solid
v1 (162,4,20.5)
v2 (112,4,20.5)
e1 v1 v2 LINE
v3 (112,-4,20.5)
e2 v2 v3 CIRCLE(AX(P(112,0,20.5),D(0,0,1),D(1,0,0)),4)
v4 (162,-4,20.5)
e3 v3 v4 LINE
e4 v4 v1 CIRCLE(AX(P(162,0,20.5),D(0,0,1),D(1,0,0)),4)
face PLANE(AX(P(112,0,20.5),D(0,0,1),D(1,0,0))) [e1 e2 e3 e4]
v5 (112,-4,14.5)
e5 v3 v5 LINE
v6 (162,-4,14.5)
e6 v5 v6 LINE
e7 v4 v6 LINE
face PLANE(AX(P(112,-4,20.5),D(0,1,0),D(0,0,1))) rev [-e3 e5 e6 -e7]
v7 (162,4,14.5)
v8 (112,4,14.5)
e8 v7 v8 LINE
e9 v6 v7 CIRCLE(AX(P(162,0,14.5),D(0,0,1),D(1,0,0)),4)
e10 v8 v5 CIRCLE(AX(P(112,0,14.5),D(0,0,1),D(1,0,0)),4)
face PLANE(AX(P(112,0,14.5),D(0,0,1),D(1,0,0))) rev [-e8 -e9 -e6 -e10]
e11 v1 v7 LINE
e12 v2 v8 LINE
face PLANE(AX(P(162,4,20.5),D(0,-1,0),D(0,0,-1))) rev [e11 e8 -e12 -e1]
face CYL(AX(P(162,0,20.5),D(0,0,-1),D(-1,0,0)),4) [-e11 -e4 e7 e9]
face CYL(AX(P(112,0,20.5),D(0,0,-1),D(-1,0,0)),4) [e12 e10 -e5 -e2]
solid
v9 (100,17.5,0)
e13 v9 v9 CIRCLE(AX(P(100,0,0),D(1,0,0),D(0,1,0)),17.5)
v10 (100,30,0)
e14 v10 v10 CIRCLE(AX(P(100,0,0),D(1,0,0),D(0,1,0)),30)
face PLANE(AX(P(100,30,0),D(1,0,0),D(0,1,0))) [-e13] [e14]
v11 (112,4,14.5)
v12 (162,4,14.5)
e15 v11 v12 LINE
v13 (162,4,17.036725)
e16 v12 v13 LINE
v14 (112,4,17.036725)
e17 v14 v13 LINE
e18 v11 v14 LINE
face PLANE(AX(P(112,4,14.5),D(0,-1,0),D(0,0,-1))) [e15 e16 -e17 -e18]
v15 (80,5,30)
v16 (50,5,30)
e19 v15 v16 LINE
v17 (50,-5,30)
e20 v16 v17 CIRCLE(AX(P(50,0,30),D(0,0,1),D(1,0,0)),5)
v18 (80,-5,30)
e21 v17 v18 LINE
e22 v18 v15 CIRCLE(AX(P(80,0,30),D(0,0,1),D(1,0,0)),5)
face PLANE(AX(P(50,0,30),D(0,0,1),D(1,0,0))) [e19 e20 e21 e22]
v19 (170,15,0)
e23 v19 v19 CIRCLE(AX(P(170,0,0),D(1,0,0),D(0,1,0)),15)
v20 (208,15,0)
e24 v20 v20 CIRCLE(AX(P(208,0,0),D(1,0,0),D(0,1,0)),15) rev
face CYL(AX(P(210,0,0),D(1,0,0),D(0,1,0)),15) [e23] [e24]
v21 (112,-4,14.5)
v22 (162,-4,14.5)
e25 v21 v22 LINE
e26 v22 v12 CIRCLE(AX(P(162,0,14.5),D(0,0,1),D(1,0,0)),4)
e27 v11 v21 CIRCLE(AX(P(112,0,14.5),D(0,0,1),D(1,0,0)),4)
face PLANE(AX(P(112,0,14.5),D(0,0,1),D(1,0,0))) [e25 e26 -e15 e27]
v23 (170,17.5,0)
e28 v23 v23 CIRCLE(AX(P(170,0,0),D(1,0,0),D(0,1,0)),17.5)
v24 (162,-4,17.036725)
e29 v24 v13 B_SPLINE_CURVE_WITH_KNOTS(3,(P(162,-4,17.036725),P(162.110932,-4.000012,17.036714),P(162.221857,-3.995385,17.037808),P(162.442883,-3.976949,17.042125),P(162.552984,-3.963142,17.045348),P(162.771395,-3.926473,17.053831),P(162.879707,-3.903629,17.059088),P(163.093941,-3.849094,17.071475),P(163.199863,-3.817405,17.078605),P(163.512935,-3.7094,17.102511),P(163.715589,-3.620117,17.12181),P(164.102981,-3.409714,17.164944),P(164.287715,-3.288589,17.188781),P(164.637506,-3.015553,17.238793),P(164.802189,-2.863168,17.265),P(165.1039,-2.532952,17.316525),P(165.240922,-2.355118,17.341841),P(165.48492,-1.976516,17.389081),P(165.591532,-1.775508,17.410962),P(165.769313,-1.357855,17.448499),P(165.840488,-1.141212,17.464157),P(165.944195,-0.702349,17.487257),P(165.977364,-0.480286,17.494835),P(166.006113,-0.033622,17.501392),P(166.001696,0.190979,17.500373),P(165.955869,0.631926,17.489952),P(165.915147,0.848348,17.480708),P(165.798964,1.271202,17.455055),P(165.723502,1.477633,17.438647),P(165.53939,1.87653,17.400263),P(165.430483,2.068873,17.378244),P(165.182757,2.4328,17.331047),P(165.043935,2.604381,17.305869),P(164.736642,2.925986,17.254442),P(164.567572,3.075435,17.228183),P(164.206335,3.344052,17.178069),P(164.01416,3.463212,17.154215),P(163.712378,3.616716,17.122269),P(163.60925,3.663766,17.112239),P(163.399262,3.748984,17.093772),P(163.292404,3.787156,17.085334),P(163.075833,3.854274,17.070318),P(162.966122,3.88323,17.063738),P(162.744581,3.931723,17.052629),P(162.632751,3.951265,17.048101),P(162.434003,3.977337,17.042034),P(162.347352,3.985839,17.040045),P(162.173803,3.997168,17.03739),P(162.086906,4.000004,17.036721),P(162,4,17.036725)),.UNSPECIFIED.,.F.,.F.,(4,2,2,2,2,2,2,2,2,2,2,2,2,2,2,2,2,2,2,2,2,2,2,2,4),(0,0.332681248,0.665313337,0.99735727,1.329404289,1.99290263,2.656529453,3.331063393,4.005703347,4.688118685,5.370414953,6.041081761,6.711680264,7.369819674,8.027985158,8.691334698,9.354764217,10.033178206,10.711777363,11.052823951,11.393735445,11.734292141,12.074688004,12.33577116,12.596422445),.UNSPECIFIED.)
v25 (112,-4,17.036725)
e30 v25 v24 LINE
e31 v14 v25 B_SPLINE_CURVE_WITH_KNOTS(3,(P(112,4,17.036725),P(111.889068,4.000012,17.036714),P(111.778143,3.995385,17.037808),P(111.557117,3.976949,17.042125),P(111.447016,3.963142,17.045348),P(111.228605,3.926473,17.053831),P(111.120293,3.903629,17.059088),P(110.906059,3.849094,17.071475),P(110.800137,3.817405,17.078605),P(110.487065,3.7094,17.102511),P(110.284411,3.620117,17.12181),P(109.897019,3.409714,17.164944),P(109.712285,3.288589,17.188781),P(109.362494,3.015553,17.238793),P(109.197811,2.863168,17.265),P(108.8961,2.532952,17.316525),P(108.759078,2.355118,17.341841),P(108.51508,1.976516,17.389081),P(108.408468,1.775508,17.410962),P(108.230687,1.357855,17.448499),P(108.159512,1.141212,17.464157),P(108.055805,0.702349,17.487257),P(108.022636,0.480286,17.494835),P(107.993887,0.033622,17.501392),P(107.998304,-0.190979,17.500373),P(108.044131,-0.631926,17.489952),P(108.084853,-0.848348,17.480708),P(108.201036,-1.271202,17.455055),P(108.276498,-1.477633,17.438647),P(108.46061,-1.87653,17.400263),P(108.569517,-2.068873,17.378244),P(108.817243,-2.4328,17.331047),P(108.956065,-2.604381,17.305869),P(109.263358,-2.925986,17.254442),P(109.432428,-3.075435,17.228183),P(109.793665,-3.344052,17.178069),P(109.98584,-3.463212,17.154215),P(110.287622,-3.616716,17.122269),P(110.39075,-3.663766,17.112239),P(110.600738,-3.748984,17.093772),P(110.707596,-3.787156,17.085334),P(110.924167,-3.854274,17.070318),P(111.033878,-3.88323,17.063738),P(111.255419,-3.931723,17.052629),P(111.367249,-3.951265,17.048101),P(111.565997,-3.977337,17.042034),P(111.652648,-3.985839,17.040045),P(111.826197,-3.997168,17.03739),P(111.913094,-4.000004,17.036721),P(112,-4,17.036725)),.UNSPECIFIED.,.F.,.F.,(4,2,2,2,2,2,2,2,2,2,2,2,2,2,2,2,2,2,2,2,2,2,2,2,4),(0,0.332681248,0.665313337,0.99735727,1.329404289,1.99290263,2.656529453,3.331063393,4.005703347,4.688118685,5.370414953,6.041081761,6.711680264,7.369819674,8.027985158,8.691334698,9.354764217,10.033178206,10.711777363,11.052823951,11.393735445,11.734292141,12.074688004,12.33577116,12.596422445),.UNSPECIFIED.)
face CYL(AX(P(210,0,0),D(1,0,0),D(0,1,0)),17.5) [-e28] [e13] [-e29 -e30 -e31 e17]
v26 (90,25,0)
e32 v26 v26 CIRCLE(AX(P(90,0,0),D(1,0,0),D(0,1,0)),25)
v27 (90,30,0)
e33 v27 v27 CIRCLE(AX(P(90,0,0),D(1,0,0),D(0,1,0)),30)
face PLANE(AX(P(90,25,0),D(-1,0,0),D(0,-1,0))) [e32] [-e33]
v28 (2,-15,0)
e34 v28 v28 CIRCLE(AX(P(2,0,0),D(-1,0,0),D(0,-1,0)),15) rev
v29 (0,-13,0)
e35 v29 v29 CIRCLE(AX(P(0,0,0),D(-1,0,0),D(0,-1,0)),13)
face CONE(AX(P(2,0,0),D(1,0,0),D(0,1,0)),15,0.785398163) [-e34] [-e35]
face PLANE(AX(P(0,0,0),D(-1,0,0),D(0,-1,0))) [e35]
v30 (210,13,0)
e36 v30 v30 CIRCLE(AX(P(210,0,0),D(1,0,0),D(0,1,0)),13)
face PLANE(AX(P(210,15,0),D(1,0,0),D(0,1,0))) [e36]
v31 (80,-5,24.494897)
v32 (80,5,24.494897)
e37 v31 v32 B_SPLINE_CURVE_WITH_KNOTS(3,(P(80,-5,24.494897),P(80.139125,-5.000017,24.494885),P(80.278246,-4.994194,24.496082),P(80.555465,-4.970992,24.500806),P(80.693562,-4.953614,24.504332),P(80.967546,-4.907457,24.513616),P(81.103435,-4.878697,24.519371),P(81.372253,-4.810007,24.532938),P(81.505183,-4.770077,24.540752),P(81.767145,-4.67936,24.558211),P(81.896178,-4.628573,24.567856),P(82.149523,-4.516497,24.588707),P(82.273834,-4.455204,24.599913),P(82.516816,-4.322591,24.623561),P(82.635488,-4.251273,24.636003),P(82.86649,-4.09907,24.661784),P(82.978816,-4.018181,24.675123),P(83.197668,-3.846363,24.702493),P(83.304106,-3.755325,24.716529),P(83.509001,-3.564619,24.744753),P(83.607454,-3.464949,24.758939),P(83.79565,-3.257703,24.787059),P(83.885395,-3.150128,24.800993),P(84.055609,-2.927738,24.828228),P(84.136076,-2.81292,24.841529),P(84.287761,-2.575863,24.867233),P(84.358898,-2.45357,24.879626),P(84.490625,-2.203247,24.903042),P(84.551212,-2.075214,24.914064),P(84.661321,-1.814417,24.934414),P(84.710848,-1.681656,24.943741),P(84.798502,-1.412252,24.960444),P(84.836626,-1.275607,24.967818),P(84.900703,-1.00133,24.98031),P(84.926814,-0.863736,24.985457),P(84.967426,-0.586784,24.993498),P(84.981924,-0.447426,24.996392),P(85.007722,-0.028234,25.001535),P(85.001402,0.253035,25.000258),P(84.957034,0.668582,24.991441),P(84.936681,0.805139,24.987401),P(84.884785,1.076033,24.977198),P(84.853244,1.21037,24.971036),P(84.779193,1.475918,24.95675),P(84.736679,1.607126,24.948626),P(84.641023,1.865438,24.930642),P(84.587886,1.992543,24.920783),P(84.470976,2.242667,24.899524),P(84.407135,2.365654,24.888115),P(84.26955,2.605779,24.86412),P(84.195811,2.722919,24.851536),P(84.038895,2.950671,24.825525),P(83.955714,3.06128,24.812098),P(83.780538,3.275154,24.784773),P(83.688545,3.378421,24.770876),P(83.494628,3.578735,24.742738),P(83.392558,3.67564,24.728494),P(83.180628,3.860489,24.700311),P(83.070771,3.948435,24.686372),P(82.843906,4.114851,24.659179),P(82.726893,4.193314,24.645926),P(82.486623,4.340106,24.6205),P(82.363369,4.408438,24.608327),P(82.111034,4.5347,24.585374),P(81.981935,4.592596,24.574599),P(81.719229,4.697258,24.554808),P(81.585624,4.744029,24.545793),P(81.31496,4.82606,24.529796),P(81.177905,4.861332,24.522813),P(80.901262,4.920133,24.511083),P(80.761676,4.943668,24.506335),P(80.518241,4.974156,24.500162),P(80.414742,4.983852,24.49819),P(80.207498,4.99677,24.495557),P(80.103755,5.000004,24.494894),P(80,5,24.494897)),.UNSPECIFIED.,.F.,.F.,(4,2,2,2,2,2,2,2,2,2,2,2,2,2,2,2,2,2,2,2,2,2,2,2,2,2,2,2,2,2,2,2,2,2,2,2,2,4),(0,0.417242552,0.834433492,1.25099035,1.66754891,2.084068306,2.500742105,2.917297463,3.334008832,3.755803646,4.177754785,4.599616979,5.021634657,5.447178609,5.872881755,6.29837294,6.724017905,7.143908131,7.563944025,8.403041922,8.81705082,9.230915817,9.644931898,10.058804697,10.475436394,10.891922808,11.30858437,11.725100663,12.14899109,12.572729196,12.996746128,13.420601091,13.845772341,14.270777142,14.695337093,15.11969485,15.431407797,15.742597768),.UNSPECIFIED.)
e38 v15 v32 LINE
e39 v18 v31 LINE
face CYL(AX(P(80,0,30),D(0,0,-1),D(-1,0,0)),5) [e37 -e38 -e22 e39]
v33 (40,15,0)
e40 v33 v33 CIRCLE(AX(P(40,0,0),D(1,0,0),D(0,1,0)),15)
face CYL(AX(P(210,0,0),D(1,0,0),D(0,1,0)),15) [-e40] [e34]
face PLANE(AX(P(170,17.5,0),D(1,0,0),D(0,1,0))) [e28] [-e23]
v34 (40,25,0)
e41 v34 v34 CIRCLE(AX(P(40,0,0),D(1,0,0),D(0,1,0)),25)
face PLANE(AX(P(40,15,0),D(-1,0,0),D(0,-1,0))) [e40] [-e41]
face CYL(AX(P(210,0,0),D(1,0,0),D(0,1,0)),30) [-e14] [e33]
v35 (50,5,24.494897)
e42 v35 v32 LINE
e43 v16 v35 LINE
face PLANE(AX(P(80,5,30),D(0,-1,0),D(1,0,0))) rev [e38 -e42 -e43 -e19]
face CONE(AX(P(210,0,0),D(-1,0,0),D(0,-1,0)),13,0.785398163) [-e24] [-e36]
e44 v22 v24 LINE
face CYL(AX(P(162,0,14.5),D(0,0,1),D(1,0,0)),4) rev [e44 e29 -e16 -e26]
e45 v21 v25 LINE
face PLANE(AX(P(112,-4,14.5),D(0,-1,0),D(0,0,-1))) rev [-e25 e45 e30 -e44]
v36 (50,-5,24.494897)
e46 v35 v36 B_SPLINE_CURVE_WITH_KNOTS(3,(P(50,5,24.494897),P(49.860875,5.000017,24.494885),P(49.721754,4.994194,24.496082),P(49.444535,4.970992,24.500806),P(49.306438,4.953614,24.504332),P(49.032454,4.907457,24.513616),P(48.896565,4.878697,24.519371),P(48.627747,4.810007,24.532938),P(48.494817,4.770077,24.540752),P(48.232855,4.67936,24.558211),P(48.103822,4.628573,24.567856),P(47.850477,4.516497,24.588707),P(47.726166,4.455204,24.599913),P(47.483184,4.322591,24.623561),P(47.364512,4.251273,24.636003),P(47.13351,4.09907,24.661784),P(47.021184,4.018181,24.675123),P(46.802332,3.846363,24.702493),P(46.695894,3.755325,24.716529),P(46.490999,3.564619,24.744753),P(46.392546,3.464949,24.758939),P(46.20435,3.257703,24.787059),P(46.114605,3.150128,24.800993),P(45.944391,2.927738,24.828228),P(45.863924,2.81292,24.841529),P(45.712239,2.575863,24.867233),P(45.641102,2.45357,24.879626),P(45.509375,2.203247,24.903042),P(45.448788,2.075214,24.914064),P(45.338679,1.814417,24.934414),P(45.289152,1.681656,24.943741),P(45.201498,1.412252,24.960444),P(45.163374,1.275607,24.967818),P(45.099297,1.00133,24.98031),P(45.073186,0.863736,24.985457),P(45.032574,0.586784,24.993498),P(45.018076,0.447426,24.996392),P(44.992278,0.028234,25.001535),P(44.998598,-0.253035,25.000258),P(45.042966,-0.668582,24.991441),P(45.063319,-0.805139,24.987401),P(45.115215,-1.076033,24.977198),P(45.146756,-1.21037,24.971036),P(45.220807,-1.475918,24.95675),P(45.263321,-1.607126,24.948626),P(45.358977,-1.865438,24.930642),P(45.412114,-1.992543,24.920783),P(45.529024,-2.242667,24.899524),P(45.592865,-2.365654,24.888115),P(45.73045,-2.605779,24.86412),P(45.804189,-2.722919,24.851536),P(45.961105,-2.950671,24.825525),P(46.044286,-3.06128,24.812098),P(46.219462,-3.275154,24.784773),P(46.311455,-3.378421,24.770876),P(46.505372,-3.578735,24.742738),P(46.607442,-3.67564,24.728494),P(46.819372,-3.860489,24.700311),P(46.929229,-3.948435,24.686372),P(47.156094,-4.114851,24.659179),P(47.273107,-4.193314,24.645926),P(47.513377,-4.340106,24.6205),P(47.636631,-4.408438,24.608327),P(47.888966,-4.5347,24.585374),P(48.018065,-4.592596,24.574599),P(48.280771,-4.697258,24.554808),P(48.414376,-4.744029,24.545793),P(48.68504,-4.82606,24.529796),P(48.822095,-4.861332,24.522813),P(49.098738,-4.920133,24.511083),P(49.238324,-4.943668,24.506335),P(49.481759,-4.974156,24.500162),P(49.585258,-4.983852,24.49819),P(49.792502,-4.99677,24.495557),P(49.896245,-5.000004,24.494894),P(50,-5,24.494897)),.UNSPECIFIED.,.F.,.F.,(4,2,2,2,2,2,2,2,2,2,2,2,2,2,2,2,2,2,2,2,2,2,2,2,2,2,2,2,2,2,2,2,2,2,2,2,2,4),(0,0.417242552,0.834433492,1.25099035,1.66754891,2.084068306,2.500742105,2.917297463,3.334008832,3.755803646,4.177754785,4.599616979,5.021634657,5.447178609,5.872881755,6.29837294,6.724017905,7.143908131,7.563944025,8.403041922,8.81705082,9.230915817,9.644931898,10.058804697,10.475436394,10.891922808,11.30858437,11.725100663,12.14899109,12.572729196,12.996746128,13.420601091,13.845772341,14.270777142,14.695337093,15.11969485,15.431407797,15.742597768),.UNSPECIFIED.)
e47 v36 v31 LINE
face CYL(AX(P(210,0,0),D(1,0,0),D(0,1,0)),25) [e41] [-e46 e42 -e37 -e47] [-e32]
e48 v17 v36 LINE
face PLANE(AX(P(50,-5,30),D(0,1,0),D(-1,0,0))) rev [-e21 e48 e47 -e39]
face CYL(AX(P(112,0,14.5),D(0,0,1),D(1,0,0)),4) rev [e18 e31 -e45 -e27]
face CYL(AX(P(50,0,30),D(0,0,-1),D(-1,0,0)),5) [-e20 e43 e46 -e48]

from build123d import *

# Parameters (mm, degrees)
CHAMFER1_SIZE       = 2
CHAMFER2_SIZE       = 2
CUT_EXTRUDE1_DEPTH  = 3
CUT_EXTRUDE2_DEPTH  = 5
BOSS_EXTRUDE2_DEPTH = 6
BOSS_EXTRUDE3_DEPTH = 10


with BuildPart() as part:
    # Sketch1 → Revolve1 (revolve)
    with BuildSketch(Plane.XY):
        Polygon((0, 0), (0, 15), (40, 15), (40, 25), (90, 25), (90, 30), (100, 30), (100, 17.5), (170, 17.5), (170, 15), (210, 15), (210, 0), align=None)
    revolve(axis=Axis((210, 0, 0), (-1, 0, 0)))

    # Chamfer1
    chamfer1_edges = [part.edges().sort_by_distance(p)[0] for p in [
        (0, -15, 0),
    ]]
    chamfer(chamfer1_edges, length=CHAMFER1_SIZE)

    # Chamfer2
    chamfer2_edges = [part.edges().sort_by_distance(p)[0] for p in [
        (210, -15, 0),
    ]]
    chamfer(chamfer2_edges, length=CHAMFER2_SIZE)

    # Sketch2 → Cut-Extrude1 (cut)
    with BuildSketch(Plane.XY.offset(17.5)):
        with BuildLine():
            Line((112, -4), (162, -4))
            ThreePointArc((162, -4), (166, 0), (162, 4))
            Line((162, 4), (112, 4))
            ThreePointArc((112, 4), (108, 0), (112, -4))
        make_face()
    extrude(amount=-CUT_EXTRUDE1_DEPTH, mode=Mode.SUBTRACT)

    # Sketch8 → Cut-Extrude2 (cut)
    with BuildSketch(Plane.XY.offset(25)):
        with BuildLine():
            Line((50, -5), (80, -5))
            ThreePointArc((80, -5), (85, 0), (80, 5))
            Line((80, 5), (50, 5))
            ThreePointArc((50, 5), (45, 0), (50, -5))
        make_face()
    extrude(amount=-CUT_EXTRUDE2_DEPTH, mode=Mode.SUBTRACT)

    # Sketch12 → Boss-Extrude3 (add)
    with BuildSketch(Plane.XY.offset(20)):
        with BuildLine():
            Line((50, -5), (80, -5))
            ThreePointArc((80, -5), (85, 0), (80, 5))
            Line((80, 5), (50, 5))
            ThreePointArc((50, 5), (45, 0), (50, -5))
        make_face()
    extrude(amount=BOSS_EXTRUDE3_DEPTH)


with BuildPart() as body_2:
    # Sketch11 → Boss-Extrude2 (new body)
    with BuildSketch(Plane.XY.offset(14.5)):
        with BuildLine():
            Line((112, -4), (162, -4))
            ThreePointArc((162, -4), (166, 0), (162, 4))
            Line((162, 4), (112, 4))
            ThreePointArc((112, 4), (108, 0), (112, -4))
        make_face()
    extrude(amount=BOSS_EXTRUDE2_DEPTH)


solid = Compound([part.part, body_2.part])
